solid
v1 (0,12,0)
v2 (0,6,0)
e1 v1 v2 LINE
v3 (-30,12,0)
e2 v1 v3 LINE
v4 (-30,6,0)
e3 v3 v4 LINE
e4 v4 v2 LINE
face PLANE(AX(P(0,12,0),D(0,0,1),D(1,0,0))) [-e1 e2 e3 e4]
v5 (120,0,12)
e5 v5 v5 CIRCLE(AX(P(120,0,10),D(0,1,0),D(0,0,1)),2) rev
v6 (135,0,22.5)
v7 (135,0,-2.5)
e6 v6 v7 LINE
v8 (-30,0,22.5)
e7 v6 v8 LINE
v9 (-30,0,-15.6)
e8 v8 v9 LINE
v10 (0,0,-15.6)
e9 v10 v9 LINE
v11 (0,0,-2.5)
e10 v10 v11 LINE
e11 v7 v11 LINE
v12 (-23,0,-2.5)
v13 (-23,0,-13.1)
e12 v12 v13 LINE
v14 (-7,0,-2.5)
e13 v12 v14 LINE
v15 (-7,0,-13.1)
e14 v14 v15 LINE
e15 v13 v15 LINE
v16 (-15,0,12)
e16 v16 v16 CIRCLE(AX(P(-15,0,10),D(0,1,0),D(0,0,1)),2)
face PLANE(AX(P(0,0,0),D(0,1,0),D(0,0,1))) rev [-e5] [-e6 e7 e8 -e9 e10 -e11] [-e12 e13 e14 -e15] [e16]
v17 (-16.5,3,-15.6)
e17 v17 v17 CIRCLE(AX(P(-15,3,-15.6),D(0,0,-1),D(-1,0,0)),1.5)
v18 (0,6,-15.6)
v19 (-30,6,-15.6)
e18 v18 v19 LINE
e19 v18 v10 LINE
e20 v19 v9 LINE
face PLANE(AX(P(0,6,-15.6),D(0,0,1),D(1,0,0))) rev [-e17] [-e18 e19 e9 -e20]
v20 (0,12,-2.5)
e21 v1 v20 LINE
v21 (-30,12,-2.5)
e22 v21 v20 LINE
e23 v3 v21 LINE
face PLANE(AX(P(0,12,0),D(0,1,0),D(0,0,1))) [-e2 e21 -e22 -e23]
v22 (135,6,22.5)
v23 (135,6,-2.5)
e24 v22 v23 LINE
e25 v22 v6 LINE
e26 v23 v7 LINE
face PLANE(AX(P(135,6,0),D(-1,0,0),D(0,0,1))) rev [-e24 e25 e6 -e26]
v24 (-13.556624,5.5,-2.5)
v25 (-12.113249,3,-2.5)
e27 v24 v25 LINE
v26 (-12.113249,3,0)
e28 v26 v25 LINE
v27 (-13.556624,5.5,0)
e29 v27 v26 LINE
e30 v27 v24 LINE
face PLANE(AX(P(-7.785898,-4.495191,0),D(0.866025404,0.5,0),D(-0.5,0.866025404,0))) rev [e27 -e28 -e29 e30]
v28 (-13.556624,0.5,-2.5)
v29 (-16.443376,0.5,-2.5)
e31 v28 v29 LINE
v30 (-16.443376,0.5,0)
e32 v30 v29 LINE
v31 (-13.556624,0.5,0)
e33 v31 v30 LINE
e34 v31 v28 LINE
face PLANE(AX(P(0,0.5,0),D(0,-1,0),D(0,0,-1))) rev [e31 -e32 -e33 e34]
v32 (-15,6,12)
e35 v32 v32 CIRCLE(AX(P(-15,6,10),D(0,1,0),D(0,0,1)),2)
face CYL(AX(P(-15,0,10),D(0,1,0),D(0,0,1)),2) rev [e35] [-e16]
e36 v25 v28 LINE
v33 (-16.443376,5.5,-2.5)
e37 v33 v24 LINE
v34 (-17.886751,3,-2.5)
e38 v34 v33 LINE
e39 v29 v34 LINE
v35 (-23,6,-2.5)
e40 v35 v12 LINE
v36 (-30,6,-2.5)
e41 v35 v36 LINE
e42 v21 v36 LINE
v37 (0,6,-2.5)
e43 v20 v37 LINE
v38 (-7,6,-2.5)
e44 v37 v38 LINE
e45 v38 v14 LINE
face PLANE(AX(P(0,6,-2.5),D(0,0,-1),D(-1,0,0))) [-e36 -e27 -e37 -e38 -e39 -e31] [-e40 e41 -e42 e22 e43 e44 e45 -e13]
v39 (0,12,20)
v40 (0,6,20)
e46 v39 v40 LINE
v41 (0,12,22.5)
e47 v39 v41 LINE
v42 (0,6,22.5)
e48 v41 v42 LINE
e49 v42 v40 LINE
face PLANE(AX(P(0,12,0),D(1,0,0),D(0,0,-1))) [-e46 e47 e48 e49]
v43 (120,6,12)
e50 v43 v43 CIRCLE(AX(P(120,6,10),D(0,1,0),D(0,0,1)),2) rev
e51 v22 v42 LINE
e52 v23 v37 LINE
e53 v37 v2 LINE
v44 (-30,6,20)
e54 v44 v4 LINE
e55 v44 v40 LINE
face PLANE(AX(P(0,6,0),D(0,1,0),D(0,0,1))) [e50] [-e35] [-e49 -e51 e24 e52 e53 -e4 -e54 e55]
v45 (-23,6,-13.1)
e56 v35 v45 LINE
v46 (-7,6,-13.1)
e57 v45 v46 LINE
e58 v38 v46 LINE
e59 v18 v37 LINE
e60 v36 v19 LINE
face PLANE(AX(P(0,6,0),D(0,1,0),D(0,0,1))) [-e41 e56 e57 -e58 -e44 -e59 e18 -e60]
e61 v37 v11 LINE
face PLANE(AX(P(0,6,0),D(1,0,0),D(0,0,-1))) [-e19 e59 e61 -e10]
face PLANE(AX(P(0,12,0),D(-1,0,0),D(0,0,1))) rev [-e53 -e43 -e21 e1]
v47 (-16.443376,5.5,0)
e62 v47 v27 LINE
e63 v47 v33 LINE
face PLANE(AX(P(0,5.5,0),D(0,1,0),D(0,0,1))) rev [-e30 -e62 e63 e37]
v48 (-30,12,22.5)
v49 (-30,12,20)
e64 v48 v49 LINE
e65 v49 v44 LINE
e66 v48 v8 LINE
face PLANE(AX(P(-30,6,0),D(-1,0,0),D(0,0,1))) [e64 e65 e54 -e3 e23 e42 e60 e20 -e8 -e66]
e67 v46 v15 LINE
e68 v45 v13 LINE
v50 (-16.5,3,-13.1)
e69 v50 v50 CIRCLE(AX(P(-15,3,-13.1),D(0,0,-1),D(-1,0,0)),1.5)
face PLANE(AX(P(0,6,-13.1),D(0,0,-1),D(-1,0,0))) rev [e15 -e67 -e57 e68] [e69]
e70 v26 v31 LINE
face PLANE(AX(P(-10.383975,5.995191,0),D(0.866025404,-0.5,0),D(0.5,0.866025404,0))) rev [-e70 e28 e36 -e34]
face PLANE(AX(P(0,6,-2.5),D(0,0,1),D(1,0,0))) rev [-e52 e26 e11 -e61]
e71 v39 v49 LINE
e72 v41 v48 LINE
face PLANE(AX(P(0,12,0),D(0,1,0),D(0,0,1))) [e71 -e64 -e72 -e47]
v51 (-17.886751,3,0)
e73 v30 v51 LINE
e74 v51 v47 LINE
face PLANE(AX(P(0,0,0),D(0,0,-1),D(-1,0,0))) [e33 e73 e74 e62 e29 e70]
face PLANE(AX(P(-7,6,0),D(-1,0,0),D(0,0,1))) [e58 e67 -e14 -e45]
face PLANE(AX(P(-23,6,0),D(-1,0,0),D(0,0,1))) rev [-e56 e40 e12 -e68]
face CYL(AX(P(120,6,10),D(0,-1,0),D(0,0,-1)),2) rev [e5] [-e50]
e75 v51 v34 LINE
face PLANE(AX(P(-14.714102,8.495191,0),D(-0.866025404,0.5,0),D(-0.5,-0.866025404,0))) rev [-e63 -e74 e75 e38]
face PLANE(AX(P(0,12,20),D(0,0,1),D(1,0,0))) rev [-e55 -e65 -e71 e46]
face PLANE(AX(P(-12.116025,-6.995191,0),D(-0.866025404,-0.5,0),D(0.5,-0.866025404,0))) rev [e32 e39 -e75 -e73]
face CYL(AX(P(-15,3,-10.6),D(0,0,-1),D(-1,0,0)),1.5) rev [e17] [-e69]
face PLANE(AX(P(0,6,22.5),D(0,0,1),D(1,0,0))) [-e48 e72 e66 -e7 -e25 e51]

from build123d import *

# Parameters (mm, degrees)
SKETCH1_R           = 2
SKETCH1_W           = 16
SKETCH1_H           = 10.6
BOSS_EXTRUDE1_DEPTH = 6
SKETCH1_3_W         = 30
SKETCH1_3_H         = 2.5
BOSS_EXTRUDE2_DEPTH = 12
SKETCH3_R           = 1.5
CUT_EXTRUDE2_DEPTH  = 5
CUT_EXTRUDE3_DEPTH  = 2.5
SKETCH2_R           = 2
CUT_EXTRUDE1_DEPTH  = 137.99361299


with BuildPart() as part:
    # Sketch1 → Boss-Extrude1 (new body)
    with BuildSketch(Plane(origin=(0, 0, 0), x_dir=(1, 0, 0), z_dir=(0, 1, 0))):
        Polygon((135, 2.5), (0, 2.5), (0, 15.6), (-30, 15.6), (-30, -22.5), (135, -22.5), align=None)
        with Locations((120, -10)):
            Circle(SKETCH1_R, mode=Mode.SUBTRACT)
        with Locations((-15, 7.8)):
            Rectangle(SKETCH1_W, SKETCH1_H, mode=Mode.SUBTRACT)
    extrude(amount=BOSS_EXTRUDE1_DEPTH)

    # Sketch1<3> → Boss-Extrude2 (add)
    with BuildSketch(Plane(origin=(0, 0, 0), x_dir=(1, 0, 0), z_dir=(0, 1, 0))):
        with Locations((-15, -21.25)):
            Rectangle(SKETCH1_3_W, SKETCH1_3_H)
        with Locations((-15, 1.25)):
            Rectangle(SKETCH1_3_W, SKETCH1_3_H)
    extrude(amount=BOSS_EXTRUDE2_DEPTH)

    # Sketch3 → Cut-Extrude2 (cut)
    with BuildSketch(Plane(origin=(0, 0, -15.6), x_dir=(-1, 0, 0), z_dir=(0, 0, -1))):
        with Locations((15, 3)):
            Circle(SKETCH3_R)
    extrude(amount=-CUT_EXTRUDE2_DEPTH, mode=Mode.SUBTRACT)

    # Sketch4 → Cut-Extrude3 (cut)
    with BuildSketch(Plane(origin=(0, 0, -2.5), x_dir=(-1, 0, 0), z_dir=(0, 0, -1))):
        Polygon((16.443375673, 0.5), (17.886751346, 3), (16.443375673, 5.5), (13.556624327, 5.5), (12.113248654, 3), (13.556624327, 0.5), align=None)
    extrude(amount=-CUT_EXTRUDE3_DEPTH, mode=Mode.SUBTRACT)

    # Sketch2 → Cut-Extrude1 (cut, through all)
    with BuildSketch(Plane(origin=(0, 6, 0), x_dir=(1, 0, 0), z_dir=(0, 1, 0))):
        with Locations((-15, -10)):
            Circle(SKETCH2_R)
    extrude(amount=-CUT_EXTRUDE1_DEPTH, mode=Mode.SUBTRACT)


solid = part.part
